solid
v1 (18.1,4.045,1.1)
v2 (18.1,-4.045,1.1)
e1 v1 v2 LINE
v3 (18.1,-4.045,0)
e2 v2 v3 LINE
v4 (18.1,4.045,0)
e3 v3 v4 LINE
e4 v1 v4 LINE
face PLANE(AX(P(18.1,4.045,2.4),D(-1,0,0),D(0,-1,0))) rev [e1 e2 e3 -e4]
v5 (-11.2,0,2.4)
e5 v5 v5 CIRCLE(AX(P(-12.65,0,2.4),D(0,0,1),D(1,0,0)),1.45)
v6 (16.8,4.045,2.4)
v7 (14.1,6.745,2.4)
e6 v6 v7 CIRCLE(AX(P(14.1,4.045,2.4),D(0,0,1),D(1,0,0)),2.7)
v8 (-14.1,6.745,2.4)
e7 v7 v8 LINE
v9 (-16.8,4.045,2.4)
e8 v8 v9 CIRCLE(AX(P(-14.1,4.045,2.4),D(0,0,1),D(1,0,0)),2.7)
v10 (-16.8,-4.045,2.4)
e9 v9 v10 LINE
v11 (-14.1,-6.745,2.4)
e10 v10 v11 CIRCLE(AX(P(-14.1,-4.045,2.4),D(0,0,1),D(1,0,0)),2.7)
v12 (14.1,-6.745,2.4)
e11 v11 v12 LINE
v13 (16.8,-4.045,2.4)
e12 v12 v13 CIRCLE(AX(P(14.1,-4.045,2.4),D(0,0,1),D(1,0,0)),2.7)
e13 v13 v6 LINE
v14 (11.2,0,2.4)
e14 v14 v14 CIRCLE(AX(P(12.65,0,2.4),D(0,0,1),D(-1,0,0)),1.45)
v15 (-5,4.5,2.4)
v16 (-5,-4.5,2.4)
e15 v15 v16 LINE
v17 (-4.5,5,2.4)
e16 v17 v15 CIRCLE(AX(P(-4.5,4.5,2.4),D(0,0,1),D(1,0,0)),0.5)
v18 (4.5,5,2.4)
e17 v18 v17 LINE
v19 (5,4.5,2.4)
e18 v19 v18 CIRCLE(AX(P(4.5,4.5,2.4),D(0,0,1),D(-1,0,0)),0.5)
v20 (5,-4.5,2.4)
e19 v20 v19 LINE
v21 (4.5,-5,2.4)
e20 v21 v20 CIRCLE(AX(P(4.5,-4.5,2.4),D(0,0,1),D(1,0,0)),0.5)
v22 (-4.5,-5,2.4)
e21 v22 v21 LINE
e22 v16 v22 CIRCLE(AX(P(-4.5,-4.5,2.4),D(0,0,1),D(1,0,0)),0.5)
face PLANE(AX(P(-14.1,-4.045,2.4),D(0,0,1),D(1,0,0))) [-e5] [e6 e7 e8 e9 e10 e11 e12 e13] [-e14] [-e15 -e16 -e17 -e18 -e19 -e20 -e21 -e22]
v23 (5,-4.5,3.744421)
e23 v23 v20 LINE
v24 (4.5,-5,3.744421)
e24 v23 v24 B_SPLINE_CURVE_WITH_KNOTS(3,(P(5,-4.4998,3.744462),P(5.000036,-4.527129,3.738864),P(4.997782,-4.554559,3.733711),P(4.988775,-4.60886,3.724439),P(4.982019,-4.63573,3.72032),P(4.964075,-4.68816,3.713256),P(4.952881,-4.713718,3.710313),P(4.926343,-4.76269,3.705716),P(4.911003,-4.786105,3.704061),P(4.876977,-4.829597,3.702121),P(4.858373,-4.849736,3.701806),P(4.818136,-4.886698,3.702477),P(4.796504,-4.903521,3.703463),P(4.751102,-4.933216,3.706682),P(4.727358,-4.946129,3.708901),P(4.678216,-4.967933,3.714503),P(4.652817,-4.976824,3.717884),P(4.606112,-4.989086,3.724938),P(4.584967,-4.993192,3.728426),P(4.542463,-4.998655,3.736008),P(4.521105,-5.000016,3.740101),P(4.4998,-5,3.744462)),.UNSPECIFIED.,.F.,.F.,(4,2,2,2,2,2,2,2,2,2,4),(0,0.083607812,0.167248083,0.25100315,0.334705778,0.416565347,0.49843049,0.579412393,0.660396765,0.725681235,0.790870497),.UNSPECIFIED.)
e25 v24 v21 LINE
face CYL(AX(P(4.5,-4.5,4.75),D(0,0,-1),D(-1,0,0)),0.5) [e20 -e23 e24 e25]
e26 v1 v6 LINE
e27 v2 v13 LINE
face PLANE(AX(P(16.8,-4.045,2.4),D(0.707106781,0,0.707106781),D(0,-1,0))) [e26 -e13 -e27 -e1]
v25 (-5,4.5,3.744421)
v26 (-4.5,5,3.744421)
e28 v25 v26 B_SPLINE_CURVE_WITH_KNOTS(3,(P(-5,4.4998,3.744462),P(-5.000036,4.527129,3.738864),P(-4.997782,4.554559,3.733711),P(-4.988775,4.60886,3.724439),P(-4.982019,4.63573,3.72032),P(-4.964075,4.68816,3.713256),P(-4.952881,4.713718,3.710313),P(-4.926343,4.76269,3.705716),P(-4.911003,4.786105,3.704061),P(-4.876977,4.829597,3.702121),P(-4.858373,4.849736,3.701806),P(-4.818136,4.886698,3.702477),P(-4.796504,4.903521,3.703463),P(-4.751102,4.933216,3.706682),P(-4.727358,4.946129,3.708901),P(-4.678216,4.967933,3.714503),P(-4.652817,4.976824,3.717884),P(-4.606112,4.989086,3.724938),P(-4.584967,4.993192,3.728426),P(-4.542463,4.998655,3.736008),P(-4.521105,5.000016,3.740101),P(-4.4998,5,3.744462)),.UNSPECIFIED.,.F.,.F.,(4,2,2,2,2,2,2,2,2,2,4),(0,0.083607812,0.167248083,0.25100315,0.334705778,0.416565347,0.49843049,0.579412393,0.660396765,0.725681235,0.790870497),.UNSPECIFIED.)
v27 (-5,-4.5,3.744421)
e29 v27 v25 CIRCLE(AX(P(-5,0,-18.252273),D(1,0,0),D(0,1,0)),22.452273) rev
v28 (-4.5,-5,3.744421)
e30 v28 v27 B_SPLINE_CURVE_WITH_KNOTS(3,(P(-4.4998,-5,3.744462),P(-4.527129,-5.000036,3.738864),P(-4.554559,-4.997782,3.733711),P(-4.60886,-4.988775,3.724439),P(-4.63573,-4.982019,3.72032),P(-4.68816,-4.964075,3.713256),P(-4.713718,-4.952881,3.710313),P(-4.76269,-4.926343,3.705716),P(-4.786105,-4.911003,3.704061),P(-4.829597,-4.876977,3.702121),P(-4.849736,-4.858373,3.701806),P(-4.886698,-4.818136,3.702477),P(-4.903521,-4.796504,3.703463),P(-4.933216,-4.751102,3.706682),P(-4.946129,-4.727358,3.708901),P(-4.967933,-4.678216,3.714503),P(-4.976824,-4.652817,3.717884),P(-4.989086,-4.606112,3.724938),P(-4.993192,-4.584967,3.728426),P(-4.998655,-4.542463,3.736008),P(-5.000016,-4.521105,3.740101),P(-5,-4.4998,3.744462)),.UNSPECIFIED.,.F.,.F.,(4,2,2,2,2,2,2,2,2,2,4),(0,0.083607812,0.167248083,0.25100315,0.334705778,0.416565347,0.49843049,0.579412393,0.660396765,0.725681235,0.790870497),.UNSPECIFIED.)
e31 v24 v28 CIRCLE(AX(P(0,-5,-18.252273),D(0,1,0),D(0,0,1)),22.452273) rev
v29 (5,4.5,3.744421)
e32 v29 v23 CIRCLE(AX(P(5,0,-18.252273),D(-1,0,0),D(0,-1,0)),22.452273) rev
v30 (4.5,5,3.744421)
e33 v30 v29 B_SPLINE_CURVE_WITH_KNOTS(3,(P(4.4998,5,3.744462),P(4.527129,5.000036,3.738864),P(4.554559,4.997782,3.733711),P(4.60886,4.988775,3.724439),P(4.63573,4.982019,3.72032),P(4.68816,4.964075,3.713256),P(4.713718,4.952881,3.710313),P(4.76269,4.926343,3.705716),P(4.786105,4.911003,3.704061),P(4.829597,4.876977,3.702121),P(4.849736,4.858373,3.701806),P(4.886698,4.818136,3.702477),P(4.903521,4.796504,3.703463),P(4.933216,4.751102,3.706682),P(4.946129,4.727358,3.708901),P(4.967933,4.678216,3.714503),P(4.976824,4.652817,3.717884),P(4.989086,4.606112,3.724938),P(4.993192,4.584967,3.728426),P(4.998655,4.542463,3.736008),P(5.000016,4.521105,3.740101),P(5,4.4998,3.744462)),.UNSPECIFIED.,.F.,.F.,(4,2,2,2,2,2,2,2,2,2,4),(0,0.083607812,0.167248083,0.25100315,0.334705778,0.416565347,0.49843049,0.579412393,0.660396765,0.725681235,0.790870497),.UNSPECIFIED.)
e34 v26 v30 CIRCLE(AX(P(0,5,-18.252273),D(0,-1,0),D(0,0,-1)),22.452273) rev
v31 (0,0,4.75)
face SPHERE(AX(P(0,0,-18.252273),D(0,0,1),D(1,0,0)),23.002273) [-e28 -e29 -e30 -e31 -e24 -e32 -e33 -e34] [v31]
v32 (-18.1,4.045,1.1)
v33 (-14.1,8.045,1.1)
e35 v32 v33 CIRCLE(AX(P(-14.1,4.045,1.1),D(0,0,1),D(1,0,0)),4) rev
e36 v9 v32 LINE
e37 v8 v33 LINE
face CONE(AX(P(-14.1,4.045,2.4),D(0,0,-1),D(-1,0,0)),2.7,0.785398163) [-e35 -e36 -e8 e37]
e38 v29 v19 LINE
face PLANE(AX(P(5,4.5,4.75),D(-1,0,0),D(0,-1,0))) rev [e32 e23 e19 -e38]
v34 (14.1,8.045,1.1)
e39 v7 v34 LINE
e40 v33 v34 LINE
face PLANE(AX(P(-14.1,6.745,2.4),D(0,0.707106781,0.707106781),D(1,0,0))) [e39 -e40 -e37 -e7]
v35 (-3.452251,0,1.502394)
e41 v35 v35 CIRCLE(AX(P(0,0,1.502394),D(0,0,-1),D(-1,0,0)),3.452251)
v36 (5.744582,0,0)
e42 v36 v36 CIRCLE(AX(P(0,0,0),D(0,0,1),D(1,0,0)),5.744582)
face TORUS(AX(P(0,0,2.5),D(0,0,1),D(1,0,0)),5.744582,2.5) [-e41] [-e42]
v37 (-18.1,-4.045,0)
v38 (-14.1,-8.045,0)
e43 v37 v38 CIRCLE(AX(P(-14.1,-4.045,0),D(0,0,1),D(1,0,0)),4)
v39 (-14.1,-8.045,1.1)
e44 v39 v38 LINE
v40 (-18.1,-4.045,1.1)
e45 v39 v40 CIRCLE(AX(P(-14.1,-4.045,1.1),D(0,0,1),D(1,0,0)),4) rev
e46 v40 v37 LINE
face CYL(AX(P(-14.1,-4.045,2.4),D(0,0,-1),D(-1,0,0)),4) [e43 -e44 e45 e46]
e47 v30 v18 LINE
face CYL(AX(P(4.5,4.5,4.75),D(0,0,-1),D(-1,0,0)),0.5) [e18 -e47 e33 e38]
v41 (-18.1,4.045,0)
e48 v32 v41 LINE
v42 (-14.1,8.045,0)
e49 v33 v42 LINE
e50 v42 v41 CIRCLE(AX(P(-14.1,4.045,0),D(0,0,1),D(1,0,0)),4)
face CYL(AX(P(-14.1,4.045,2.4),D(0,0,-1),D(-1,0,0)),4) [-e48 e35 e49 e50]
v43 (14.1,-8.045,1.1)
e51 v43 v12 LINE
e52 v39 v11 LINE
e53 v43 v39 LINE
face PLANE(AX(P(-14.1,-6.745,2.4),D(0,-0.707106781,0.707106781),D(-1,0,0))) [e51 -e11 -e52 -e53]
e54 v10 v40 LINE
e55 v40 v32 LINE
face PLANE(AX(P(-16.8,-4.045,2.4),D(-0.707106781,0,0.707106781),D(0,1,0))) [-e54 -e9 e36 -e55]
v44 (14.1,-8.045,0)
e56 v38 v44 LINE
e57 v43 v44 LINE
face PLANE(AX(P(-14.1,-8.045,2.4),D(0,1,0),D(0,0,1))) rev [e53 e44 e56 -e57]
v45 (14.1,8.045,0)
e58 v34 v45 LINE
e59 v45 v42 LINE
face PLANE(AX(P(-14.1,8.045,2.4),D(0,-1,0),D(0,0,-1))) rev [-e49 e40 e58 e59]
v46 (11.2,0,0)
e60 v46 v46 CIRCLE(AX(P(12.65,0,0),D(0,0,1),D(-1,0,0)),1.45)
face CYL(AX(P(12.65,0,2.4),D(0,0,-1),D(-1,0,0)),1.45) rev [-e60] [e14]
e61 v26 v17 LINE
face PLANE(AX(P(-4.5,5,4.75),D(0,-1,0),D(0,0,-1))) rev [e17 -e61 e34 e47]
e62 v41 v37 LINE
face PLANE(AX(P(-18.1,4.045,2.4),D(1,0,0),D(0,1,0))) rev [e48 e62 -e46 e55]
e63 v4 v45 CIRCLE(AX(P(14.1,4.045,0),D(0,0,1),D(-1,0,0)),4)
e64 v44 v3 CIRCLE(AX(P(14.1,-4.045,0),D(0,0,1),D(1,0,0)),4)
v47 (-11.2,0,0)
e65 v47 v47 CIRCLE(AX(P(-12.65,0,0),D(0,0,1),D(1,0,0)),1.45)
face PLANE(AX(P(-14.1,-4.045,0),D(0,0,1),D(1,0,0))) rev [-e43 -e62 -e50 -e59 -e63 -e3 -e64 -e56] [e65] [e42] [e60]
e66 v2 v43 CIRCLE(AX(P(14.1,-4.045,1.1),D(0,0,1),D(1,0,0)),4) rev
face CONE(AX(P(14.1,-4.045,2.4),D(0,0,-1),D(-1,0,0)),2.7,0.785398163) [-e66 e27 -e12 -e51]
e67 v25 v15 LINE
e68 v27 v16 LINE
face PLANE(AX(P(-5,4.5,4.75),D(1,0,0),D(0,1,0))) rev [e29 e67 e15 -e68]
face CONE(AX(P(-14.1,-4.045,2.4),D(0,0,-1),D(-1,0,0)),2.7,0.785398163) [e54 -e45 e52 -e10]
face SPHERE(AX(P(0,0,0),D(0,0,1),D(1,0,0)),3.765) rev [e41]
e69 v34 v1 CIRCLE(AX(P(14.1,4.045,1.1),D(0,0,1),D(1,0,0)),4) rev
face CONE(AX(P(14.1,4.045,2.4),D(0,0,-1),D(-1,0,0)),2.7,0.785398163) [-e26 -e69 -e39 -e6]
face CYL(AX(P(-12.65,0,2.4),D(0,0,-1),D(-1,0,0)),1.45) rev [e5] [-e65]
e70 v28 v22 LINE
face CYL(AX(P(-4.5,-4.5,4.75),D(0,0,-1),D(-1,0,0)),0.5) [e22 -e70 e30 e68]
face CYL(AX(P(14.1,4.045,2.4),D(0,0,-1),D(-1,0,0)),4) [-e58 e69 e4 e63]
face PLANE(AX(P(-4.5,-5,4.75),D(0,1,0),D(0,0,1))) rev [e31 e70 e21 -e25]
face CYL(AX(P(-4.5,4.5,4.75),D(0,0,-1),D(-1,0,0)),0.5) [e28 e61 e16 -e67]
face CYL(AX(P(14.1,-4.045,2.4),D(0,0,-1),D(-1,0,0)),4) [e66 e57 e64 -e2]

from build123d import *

# Parameters (mm, degrees)
IZIM1_R                     = 1.45
Y_KSEKLIK_EKSTR_ZYON1_DEPTH = 2.4
Y_KSEKLIK_EKSTR_ZYON2_DEPTH = 2.35
PAH1_SIZE                   = 1.3
RADYUS1_R                   = 2.5


with BuildPart() as part:
    # Çizim1 → Yükseklik-Ekstrüzyon1 (new body)
    with BuildSketch(Plane.XY):
        with BuildLine():
            Line((-14.1, 8.045), (14.1, 8.045))
            ThreePointArc((14.1, 8.045), (16.928427125, 6.873427125), (18.1, 4.045))
            Line((18.1, 4.045), (18.1, -4.045))
            ThreePointArc((18.1, -4.045), (16.928427125, -6.873427125), (14.1, -8.045))
            Line((14.1, -8.045), (-14.1, -8.045))
            ThreePointArc((-14.1, -8.045), (-16.928427125, -6.873427125), (-18.1, -4.045))
            Line((-18.1, -4.045), (-18.1, 4.045))
            ThreePointArc((-18.1, 4.045), (-16.928427125, 6.873427125), (-14.1, 8.045))
        make_face()
        with Locations((-12.65, 0)):
            Circle(IZIM1_R, mode=Mode.SUBTRACT)
        with Locations(Location((12.65, 0, 0), (0, 0, 180))):
            Circle(IZIM1_R, mode=Mode.SUBTRACT)
    extrude(amount=Y_KSEKLIK_EKSTR_ZYON1_DEPTH)

    # Çizim2 → Yükseklik-Ekstrüzyon2 (add)
    with BuildSketch(Plane.XY.offset(2.4)):
        with BuildLine():
            Line((-4.5, 5), (4.5, 5))
            ThreePointArc((4.5, 5), (4.853553391, 4.853553391), (5, 4.5))
            Line((5, 4.5), (5, -4.5))
            ThreePointArc((5, -4.5), (4.853553391, -4.853553391), (4.5, -5))
            Line((4.5, -5), (-4.5, -5))
            ThreePointArc((-4.5, -5), (-4.853553391, -4.853553391), (-5, -4.5))
            Line((-5, -4.5), (-5, 4.5))
            ThreePointArc((-5, 4.5), (-4.853553391, 4.853553391), (-4.5, 5))
        make_face()
    extrude(amount=Y_KSEKLIK_EKSTR_ZYON2_DEPTH)

    # Çizim3 → Kes-Döndür1 (revolve, cut)
    with BuildSketch(Plane(origin=(0, 0, 0), x_dir=(1, 0, 0), z_dir=(0, 1, 0))):
        with BuildLine():
            Line((0, -8.133060599), (11.181129459, -8.714892386))
            Line((11.181129459, -8.714892386), (7.979795791, -3.321493976))
            ThreePointArc((7.979795791, -3.321493976), (4.05332488, -4.390057277), (0, -4.75))
            Line((0, -4.75), (0, -8.133060599))
        make_face()
        with BuildLine():
            Line((3.765, 0), (5.976478481, 3.08469305))
            Line((5.976478481, 3.08469305), (3.765, 3.765))
            Line((3.765, 3.765), (0, 3.765))
            Line((0, 3.765), (0, -3.765))
            ThreePointArc((0, -3.765), (2.662257031, -2.662257031), (3.765, 0))
        make_face()
    revolve(axis=Axis((0, 0, 8.133060599), (0, 0, -1)), mode=Mode.SUBTRACT)

    # Pah1
    pah1_edges = [part.edges().sort_by_distance(p)[0] for p in [
        (16.928427125, -6.873427125, 2.4),
        (18.1, 0, 2.4),
        (16.928427125, 6.873427125, 2.4),
        (0, 8.045, 2.4),
        (-16.928427125, 6.873427125, 2.4),
        (-18.1, 0, 2.4),
        (-16.928427125, -6.873427125, 2.4),
        (0, -8.045, 2.4),
    ]]
    chamfer(pah1_edges, length=PAH1_SIZE)

    # Radyus1
    radyus1_edges = [part.edges().sort_by_distance(p)[0] for p in [
        (-3.765, 0, 0),
    ]]
    fillet(radyus1_edges, radius=RADYUS1_R)


solid = part.part
